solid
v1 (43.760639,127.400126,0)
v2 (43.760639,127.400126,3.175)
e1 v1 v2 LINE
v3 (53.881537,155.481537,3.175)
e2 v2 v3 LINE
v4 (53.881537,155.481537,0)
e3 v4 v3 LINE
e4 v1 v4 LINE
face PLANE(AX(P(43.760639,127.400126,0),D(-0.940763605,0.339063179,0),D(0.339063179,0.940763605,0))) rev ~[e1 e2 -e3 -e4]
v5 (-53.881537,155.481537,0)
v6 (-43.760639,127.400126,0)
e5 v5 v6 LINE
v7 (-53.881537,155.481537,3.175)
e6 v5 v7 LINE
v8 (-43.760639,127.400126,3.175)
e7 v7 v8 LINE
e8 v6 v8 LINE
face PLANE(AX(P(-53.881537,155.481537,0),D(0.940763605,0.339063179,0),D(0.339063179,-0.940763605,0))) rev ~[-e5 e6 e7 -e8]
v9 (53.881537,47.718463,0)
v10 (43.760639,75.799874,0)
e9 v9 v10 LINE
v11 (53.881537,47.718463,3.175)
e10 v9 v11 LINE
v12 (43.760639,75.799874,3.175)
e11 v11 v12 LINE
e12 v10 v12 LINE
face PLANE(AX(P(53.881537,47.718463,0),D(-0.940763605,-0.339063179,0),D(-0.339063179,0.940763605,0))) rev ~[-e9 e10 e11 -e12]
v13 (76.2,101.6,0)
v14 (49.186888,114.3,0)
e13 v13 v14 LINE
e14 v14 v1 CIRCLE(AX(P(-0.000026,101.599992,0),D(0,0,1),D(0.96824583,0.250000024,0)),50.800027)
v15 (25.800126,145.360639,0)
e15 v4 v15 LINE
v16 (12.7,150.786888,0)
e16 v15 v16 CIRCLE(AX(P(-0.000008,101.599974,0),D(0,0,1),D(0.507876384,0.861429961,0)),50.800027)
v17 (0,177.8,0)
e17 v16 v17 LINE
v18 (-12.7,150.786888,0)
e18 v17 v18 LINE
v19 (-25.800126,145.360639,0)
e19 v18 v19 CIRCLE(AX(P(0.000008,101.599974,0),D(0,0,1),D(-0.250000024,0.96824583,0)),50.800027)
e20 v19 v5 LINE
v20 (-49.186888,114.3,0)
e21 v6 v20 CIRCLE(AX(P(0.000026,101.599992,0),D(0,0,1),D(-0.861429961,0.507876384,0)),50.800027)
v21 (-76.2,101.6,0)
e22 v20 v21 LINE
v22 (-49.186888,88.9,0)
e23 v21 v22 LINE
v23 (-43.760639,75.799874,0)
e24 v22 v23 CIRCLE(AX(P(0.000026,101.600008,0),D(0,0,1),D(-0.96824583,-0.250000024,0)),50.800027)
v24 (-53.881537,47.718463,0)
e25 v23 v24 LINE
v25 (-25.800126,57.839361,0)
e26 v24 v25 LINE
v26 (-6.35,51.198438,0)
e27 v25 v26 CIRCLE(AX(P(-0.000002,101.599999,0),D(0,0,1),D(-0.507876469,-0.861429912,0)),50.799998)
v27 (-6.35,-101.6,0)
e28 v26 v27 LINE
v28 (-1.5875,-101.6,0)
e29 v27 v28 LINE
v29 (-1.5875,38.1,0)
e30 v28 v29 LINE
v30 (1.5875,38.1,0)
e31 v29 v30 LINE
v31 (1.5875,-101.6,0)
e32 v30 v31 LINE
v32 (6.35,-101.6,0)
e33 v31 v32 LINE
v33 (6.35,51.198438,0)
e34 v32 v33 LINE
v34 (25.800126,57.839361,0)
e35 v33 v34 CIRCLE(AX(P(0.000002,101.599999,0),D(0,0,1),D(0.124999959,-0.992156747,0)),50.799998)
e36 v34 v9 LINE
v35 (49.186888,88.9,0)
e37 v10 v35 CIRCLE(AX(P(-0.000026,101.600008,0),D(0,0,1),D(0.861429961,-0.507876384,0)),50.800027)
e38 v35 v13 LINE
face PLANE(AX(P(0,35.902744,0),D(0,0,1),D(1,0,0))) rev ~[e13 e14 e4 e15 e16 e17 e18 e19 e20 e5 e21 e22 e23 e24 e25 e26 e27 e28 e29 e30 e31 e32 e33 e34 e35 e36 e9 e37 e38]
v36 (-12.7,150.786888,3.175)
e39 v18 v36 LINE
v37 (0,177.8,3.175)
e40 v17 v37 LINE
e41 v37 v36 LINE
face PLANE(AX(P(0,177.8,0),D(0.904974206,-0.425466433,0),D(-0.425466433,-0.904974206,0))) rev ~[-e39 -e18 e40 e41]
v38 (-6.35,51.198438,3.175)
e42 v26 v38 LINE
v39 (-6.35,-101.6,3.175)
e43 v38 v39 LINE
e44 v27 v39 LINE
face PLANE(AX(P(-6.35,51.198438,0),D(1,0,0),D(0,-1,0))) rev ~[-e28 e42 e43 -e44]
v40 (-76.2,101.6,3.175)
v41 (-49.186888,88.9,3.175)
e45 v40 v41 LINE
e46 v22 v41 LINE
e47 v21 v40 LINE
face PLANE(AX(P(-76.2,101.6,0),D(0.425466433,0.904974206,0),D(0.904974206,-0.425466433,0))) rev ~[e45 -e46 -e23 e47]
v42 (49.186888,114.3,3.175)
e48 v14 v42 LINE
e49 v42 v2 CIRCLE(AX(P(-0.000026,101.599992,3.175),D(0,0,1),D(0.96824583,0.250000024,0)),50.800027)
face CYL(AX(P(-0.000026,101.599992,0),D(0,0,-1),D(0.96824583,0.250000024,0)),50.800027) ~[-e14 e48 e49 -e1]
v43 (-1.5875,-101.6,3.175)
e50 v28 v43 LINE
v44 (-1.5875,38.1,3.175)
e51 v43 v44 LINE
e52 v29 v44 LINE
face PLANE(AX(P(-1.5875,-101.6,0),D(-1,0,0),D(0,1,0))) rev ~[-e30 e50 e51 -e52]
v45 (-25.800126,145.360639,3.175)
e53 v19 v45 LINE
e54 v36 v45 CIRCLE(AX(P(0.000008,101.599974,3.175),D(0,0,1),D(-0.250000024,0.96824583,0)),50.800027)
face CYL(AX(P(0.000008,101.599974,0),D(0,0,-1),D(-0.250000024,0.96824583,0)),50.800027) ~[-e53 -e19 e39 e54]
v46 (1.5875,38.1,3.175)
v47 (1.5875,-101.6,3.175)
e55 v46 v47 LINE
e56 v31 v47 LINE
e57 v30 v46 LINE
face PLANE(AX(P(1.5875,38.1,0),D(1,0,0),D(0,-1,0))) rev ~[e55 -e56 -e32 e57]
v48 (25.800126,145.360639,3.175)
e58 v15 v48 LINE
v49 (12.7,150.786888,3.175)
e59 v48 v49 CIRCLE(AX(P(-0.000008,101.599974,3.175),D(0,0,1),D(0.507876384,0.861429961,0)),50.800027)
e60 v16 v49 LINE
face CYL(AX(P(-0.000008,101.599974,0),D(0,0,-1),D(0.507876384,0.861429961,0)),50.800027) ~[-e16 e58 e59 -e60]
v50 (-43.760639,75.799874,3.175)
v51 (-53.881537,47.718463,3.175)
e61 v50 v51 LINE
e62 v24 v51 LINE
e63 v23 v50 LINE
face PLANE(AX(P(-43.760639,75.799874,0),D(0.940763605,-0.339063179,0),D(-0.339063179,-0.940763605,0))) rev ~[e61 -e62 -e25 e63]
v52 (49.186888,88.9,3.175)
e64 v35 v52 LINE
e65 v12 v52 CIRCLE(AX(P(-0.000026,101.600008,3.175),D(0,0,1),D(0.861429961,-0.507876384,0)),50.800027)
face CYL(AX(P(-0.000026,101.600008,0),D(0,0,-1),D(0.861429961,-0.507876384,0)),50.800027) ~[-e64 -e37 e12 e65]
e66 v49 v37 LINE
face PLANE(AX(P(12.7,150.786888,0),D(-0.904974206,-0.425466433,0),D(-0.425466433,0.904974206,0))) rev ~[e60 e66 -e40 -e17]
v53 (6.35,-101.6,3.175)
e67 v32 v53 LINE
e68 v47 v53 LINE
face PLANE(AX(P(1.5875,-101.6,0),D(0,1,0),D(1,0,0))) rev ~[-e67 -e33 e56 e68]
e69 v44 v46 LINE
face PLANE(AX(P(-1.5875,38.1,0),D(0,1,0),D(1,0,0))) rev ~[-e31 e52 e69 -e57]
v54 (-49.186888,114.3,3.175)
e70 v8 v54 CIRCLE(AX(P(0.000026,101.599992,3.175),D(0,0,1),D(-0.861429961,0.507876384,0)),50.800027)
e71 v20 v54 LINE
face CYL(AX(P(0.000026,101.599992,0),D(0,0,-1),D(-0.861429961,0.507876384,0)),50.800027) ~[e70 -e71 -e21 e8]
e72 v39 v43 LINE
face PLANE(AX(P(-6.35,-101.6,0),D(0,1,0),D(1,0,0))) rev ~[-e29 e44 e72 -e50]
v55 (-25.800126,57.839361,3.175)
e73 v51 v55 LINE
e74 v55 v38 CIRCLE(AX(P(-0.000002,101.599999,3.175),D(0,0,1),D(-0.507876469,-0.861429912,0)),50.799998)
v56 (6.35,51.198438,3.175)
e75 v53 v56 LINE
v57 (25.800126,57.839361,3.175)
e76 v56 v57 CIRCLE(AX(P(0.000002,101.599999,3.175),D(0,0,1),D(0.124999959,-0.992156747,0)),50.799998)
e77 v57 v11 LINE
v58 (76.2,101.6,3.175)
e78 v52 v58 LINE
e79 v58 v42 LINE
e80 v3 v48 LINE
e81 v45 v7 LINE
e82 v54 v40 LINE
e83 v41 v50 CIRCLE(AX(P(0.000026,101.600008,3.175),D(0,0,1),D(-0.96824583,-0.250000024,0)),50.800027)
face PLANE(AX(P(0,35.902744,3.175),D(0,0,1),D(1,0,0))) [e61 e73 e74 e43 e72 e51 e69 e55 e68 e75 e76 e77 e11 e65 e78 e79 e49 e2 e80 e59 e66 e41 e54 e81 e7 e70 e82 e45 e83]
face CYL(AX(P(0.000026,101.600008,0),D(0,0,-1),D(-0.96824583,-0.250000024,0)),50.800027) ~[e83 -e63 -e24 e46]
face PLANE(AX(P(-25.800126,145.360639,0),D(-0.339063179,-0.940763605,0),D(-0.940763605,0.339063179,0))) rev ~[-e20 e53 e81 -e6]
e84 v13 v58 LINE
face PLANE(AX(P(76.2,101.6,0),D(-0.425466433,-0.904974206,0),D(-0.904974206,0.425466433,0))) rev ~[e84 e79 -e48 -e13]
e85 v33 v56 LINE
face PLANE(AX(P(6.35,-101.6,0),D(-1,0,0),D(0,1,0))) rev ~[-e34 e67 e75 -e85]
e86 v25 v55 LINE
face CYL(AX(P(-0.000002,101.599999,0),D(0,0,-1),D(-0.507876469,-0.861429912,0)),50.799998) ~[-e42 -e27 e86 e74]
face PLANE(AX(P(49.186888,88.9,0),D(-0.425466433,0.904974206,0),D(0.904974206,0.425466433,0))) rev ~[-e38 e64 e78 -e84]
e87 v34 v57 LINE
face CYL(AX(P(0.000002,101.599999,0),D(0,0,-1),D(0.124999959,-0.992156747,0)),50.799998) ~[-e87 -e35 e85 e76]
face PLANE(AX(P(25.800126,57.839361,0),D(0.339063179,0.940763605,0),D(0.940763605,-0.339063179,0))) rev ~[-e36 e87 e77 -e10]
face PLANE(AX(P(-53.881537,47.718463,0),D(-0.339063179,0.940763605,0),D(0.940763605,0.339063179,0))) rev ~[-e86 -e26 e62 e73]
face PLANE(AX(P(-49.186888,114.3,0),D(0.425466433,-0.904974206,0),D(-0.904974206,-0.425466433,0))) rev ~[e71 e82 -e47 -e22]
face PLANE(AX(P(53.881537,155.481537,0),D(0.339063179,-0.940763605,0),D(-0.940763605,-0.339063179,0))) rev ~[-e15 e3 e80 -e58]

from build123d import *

# Parameters (mm, degrees)
F1_DEPTH = 3.175


with BuildPart() as f1:
    # F0 (on Top) → F1 (new body)
    with BuildSketch(Plane.XY):
        with BuildLine():
            Line((-6.35, 51.198438), (-6.35, -101.6))
            Line((-6.35, -101.6), (-1.5875, -101.6))
            Line((-1.5875, -101.6), (-1.5875, 38.1))
            Line((-1.5875, 38.1), (1.5875, 38.1))
            Line((1.5875, 38.1), (1.5875, -101.6))
            Line((1.5875, -101.6), (6.35, -101.6))
            Line((6.35, -101.6), (6.35, 51.198438))
            ThreePointArc((6.35, 51.198438), (16.414418, 53.524987), (25.800126, 57.839361))
            Line((25.800126, 57.839361), (53.881537, 47.718463))
            Line((53.881537, 47.718463), (43.760639, 75.799874))
            ThreePointArc((43.760639, 75.799874), (46.93308, 82.159682), (49.186888, 88.9))
            Line((49.186888, 88.9), (76.2, 101.6))
            Line((76.2, 101.6), (49.186888, 114.3))
            ThreePointArc((49.186888, 114.3), (46.93308, 121.040318), (43.760639, 127.400126))
            Line((43.760639, 127.400126), (53.881537, 155.481537))
            Line((53.881537, 155.481537), (25.800126, 145.360639))
            ThreePointArc((25.800126, 145.360639), (19.440318, 148.53308), (12.7, 150.786888))
            Line((12.7, 150.786888), (0, 177.8))
            Line((0, 177.8), (-12.7, 150.786888))
            ThreePointArc((-12.7, 150.786888), (-19.440318, 148.53308), (-25.800126, 145.360639))
            Line((-25.800126, 145.360639), (-53.881537, 155.481537))
            Line((-53.881537, 155.481537), (-43.760639, 127.400126))
            ThreePointArc((-43.760639, 127.400126), (-46.93308, 121.040318), (-49.186888, 114.3))
            Line((-49.186888, 114.3), (-76.2, 101.6))
            Line((-76.2, 101.6), (-49.186888, 88.9))
            ThreePointArc((-49.186888, 88.9), (-46.93308, 82.159682), (-43.760639, 75.799874))
            Line((-43.760639, 75.799874), (-53.881537, 47.718463))
            Line((-53.881537, 47.718463), (-25.800126, 57.839361))
            ThreePointArc((-25.800126, 57.839361), (-16.414418, 53.524987), (-6.35, 51.198438))
        make_face()
    extrude(amount=F1_DEPTH)


solid = f1.part
